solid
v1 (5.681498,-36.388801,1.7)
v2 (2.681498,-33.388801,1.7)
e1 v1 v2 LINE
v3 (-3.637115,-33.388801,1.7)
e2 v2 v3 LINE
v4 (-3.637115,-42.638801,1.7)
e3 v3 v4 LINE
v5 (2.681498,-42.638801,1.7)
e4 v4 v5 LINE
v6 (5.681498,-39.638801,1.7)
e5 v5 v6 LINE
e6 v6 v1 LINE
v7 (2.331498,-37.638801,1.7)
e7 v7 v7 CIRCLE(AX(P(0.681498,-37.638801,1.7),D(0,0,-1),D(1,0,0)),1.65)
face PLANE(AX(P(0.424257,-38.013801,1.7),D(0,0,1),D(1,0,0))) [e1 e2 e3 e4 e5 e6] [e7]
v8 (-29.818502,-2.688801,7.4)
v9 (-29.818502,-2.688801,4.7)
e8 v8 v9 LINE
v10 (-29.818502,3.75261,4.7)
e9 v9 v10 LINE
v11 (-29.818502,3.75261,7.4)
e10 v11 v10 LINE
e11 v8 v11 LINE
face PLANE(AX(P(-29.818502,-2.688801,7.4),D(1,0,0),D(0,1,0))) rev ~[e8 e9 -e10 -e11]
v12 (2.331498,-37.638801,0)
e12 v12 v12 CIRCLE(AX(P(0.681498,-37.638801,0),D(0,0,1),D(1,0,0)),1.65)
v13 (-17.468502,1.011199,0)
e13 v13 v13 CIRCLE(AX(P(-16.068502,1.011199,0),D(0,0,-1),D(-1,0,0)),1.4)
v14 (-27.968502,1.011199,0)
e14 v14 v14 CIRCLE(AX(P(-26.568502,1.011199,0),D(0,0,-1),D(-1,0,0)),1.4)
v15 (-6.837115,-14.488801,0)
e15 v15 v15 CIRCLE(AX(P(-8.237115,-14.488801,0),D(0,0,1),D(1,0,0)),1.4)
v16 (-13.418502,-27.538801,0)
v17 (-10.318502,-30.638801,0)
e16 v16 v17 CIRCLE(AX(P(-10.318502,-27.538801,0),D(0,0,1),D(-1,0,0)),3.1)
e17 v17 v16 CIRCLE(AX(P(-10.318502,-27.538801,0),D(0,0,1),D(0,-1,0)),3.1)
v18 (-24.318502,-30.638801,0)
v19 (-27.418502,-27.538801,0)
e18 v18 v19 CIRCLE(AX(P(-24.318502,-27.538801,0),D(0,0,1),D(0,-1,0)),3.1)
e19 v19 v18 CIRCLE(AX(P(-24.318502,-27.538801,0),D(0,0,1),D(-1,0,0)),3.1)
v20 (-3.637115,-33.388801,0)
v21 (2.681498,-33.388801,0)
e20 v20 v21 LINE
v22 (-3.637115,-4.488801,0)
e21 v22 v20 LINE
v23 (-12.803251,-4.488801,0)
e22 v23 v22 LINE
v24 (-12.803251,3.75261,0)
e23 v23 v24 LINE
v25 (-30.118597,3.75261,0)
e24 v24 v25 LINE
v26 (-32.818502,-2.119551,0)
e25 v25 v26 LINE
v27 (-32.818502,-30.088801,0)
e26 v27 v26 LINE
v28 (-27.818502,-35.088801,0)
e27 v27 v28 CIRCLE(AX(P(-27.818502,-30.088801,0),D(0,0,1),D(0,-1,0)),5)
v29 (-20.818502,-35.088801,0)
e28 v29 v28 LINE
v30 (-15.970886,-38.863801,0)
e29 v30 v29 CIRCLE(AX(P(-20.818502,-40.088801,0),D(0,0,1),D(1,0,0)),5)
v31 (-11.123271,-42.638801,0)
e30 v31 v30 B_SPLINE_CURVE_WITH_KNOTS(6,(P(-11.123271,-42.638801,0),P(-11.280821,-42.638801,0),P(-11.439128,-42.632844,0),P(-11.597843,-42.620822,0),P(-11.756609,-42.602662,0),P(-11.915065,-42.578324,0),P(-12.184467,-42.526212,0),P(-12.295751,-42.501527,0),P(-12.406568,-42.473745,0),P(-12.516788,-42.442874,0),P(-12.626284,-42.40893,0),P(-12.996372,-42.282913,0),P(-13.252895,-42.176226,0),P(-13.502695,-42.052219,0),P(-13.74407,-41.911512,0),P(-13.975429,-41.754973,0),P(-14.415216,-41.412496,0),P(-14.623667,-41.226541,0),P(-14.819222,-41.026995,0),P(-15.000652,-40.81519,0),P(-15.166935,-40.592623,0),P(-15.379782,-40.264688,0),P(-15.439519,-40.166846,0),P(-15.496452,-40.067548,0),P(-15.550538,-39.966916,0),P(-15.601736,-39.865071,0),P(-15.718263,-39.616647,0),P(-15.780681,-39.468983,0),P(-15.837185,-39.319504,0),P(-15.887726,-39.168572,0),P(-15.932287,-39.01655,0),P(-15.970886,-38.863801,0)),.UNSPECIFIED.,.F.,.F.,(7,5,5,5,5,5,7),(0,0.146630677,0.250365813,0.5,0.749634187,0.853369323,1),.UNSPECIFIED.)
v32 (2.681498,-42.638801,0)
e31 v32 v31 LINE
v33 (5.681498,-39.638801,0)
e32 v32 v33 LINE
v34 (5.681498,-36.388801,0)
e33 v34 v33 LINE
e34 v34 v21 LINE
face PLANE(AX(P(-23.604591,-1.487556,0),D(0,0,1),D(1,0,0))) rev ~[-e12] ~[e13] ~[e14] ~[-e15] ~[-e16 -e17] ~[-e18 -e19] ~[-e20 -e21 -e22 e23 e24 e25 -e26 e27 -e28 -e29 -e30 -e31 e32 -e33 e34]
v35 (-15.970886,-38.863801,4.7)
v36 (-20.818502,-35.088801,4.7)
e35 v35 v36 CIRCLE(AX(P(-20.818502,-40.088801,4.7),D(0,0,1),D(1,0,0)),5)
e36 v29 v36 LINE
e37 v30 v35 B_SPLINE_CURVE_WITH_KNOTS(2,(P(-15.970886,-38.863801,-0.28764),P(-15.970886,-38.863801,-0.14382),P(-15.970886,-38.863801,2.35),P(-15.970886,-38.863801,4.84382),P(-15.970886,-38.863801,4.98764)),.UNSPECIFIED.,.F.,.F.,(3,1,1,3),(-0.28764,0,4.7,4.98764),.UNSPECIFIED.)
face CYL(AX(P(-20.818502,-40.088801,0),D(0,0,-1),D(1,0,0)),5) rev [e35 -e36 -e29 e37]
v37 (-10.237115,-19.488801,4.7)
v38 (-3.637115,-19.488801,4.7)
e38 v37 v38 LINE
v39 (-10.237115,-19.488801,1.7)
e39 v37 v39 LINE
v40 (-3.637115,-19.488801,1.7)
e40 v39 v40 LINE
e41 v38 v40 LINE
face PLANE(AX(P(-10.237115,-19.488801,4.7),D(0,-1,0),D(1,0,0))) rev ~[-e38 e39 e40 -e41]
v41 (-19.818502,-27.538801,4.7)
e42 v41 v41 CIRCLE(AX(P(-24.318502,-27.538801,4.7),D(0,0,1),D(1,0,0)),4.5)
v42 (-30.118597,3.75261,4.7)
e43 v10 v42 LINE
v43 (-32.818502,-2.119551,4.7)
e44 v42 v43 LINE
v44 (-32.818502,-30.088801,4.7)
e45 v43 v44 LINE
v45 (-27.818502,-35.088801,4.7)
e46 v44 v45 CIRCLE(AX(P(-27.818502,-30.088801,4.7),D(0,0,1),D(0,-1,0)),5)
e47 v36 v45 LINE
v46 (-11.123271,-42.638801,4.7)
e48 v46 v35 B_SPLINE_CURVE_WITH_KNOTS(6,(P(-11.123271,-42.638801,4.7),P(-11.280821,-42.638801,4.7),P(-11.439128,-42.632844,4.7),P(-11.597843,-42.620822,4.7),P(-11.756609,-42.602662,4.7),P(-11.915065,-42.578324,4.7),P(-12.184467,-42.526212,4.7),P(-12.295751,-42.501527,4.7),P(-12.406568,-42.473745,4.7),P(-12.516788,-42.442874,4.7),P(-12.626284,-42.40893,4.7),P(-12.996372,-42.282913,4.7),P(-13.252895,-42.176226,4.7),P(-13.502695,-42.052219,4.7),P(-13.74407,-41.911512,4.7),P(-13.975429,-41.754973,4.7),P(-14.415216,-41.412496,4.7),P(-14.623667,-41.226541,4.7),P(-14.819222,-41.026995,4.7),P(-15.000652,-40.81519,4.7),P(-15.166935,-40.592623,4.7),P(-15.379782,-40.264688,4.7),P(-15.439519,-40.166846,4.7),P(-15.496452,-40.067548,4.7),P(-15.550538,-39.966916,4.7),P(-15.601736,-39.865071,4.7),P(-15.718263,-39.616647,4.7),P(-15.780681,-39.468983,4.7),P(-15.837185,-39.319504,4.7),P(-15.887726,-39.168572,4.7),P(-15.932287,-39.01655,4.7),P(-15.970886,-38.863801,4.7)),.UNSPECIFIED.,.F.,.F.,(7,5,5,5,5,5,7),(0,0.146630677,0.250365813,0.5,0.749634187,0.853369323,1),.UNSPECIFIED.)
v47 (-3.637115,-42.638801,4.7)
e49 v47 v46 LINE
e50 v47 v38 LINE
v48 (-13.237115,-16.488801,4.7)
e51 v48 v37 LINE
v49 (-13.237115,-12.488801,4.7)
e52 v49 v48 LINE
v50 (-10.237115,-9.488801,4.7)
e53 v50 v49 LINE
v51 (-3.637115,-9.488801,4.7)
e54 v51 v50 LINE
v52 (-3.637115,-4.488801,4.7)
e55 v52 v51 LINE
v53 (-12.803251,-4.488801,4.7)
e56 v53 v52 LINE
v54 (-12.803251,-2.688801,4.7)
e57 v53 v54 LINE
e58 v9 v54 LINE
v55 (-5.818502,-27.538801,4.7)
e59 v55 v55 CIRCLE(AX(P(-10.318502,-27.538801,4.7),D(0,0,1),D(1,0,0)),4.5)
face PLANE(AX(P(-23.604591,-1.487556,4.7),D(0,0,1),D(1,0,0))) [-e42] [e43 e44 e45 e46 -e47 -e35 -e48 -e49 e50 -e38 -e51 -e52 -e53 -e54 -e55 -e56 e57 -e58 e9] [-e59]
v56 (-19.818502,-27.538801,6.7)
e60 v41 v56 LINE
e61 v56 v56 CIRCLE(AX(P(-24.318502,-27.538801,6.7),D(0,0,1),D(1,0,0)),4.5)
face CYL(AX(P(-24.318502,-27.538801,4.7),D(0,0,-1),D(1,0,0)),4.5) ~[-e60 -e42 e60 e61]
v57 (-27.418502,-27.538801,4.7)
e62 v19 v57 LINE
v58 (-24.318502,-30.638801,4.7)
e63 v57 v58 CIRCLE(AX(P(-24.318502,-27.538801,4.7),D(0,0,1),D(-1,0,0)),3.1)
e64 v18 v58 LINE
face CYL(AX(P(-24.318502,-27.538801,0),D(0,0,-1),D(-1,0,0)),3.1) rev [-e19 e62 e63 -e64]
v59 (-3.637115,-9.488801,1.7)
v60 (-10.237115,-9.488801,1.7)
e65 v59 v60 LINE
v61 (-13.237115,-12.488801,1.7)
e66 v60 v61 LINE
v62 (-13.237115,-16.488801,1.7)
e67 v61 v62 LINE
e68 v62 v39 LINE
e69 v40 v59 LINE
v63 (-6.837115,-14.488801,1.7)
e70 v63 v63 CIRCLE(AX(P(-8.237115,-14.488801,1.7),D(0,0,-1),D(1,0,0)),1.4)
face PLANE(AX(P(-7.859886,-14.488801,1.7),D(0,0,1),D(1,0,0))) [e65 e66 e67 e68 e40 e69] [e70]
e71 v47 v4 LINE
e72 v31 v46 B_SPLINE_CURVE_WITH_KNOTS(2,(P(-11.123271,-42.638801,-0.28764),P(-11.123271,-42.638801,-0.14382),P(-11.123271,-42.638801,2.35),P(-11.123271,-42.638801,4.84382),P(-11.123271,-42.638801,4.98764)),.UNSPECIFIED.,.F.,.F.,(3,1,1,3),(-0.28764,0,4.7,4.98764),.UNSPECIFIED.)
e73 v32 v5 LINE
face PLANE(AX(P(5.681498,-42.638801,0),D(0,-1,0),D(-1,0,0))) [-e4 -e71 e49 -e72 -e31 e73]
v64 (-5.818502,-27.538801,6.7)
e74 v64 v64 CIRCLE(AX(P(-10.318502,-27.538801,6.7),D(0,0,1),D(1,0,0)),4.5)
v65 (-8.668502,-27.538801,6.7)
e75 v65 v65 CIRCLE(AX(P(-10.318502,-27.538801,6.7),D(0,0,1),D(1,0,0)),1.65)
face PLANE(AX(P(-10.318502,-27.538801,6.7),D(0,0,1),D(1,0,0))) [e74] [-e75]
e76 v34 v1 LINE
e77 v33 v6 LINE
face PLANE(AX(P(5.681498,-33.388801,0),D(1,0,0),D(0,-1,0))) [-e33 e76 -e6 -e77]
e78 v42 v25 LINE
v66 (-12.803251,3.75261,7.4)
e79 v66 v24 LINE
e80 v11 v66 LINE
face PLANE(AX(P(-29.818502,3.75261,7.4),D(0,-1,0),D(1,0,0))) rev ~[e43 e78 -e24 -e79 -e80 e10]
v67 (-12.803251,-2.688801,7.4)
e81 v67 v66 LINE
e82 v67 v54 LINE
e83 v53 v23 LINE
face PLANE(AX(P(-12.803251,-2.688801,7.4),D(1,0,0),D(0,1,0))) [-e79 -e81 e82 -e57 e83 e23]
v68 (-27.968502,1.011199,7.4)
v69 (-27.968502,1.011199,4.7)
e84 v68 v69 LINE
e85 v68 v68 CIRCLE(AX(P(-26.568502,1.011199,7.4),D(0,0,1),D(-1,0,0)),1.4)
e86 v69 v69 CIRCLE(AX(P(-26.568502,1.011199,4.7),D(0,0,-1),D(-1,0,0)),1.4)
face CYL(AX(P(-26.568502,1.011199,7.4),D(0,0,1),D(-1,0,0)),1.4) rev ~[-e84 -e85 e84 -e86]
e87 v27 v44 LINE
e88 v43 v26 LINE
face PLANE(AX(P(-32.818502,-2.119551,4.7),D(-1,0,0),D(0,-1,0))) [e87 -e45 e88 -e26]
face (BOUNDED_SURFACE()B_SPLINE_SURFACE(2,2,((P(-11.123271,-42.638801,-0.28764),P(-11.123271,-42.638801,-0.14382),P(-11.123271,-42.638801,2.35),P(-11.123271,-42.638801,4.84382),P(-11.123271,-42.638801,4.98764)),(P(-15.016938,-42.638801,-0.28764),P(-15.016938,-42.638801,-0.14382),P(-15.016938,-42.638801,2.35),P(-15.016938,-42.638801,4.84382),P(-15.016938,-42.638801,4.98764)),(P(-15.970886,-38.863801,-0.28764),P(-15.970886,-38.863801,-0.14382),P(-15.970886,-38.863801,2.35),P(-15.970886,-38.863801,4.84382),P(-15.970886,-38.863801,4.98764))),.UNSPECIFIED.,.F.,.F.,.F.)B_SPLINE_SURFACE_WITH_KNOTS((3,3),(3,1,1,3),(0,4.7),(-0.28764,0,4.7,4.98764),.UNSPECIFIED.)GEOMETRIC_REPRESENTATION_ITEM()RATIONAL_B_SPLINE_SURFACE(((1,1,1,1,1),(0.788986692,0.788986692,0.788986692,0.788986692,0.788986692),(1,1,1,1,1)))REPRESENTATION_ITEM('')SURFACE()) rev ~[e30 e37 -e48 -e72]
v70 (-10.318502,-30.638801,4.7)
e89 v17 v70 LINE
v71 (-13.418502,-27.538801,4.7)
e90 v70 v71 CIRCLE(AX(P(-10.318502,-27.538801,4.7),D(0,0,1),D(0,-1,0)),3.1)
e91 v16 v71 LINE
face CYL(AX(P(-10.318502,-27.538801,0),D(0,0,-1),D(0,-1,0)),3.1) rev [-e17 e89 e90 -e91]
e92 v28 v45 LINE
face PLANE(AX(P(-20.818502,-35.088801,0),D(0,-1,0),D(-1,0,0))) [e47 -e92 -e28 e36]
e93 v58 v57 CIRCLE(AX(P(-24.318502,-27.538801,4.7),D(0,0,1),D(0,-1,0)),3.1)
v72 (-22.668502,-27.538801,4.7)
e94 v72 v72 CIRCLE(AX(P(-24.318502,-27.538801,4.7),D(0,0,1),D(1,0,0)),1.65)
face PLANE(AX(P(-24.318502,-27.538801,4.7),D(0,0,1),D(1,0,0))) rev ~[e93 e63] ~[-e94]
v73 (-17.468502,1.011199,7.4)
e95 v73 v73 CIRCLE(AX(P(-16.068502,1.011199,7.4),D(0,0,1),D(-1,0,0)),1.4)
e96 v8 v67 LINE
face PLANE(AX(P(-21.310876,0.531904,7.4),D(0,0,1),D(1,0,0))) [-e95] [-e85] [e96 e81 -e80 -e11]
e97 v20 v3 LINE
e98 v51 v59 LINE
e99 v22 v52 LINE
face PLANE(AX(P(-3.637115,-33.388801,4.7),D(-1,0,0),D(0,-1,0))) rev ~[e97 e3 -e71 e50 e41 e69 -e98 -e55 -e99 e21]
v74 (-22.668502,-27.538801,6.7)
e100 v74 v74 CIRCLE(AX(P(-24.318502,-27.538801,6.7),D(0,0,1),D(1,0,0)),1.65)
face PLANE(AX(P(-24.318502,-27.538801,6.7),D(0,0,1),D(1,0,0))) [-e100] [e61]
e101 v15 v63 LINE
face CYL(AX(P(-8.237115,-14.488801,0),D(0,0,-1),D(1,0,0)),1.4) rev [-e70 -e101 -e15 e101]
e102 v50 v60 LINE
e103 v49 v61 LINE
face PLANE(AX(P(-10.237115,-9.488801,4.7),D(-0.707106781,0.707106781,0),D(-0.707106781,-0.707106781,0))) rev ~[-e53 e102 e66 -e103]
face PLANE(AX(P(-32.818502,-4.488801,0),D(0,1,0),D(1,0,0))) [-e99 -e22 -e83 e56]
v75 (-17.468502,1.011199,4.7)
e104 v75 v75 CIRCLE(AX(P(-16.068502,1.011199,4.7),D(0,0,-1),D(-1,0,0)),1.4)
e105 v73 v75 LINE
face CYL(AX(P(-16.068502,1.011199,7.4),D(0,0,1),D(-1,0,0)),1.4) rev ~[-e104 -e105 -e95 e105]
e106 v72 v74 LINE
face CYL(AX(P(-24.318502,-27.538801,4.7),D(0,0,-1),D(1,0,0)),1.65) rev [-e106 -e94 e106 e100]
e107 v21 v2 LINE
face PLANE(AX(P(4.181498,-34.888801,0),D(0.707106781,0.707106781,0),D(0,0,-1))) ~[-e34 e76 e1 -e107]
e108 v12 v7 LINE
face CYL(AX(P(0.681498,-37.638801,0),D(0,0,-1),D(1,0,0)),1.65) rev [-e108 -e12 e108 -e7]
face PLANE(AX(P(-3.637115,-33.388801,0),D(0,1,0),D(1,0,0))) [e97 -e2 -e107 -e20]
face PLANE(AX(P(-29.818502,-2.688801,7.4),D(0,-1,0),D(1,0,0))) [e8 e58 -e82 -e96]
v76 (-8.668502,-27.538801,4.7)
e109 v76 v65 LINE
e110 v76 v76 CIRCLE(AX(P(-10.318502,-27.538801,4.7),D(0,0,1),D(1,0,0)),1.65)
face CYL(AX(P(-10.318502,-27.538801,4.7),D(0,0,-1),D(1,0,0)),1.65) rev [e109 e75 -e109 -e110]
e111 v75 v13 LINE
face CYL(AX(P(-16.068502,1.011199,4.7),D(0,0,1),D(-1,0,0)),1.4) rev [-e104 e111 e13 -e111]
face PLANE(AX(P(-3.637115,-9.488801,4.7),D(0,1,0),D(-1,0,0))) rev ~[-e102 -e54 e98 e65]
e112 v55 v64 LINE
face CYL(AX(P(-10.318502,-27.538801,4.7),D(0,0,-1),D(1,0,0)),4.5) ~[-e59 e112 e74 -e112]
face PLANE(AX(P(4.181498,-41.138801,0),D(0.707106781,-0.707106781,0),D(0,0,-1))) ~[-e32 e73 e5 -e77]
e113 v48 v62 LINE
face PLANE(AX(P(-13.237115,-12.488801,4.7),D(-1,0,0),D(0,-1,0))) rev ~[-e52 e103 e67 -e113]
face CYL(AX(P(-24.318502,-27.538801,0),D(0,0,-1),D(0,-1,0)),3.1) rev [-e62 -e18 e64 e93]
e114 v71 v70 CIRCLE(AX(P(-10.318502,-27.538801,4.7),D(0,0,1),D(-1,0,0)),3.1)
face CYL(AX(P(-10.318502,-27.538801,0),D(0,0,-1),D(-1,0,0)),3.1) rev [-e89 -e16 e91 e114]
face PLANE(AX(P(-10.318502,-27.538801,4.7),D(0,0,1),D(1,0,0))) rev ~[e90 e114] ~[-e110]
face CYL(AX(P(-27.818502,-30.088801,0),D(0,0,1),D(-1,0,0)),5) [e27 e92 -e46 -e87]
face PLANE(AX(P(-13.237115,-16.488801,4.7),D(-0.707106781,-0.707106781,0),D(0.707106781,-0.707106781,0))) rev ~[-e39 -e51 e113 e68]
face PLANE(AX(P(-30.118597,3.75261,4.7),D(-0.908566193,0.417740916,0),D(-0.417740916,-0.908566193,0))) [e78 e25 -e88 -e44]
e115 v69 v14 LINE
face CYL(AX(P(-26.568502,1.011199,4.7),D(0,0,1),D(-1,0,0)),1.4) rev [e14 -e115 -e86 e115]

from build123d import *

# Parameters (mm, degrees)
SKETCH2_R           = 1.4
SKETCH2_R_2         = 1.65
BOSS_EXTRUDE1_DEPTH = 4.7
SKETCH3_R           = 4.5
SKETCH3_R_2         = 1.65
BOSS_EXTRUDE2_DEPTH = 2
FILLET1_R           = 5
CHAMFER1_SIZE       = 3
CUT_EXTRUDE1_DEPTH  = 3
BOSS_EXTRUDE3_START = -4.7
SKETCH5_R           = 1.4
BOSS_EXTRUDE3_DEPTH = 4.7
BOSS_EXTRUDE4_START = 2.7
SKETCH6_W           = 17.015251106
SKETCH6_H           = 6.441411174
SKETCH6_R           = 1.4
BOSS_EXTRUDE4_DEPTH = 2.7


with BuildPart() as part:
    # Sketch2 → Boss-Extrude1 (new body)
    with BuildSketch(Plane.XY):
        with BuildLine():
            Line((5.681498191, -33.388801204), (5.681498191, -42.638801204))
            Line((5.681498191, -42.638801204), (-15.818501809, -42.638801204))
            Line((-15.818501809, -42.638801204), (-15.818501809, -40.088801204))
            ThreePointArc((-15.818501809, -40.088801204), (-17.282967903, -36.553267298), (-20.818501809, -35.088801204))
            Line((-20.818501809, -35.088801204), (-32.818501809, -35.088801204))
            Line((-32.818501809, -35.088801204), (-32.818501809, -4.488801204))
            Line((-32.818501809, -4.488801204), (-12.818501809, -4.488801204))
            Line((-12.818501809, -4.488801204), (-3.637114605, -4.488801204))
            Line((-3.637114605, -4.488801204), (-3.637114605, -4.888801204))
            Line((-3.637114605, -4.888801204), (-3.637114605, -9.488801204))
            Line((-3.637114605, -9.488801204), (-3.637114605, -33.388801204))
            Line((-3.637114605, -33.388801204), (5.681498191, -33.388801204))
        make_face()
        with Locations((-8.237114605, -14.488801204)):
            Circle(SKETCH2_R, mode=Mode.SUBTRACT)
        with Locations((0.681498191, -37.638801204)):
            Circle(SKETCH2_R_2, mode=Mode.SUBTRACT)
        with BuildLine():
            ThreePointArc((-27.418501809, -27.538801204), (-26.510532831, -29.730832226), (-24.318501809, -30.638801204))
            ThreePointArc((-24.318501809, -30.638801204), (-22.126470787, -25.346770182), (-27.418501809, -27.538801204))
        make_face(mode=Mode.SUBTRACT)
        with BuildLine():
            ThreePointArc((-13.418501809, -27.538801204), (-12.510532831, -29.730832226), (-10.318501809, -30.638801204))
            ThreePointArc((-10.318501809, -30.638801204), (-8.126470787, -25.346770182), (-13.418501809, -27.538801204))
        make_face(mode=Mode.SUBTRACT)
    extrude(amount=BOSS_EXTRUDE1_DEPTH)

    # Sketch3 → Boss-Extrude2 (add)
    # profile 1 of 2: a face of its own
    with BuildSketch(Plane.XY.offset(4.7)):
        with Locations((-24.318501809, -27.538801204)):
            Circle(SKETCH3_R)
        with Locations((-24.318501809, -27.538801204)):
            Circle(SKETCH3_R_2, mode=Mode.SUBTRACT)
    # profile 2 of 2: a face of its own
    with BuildSketch(Plane.XY.offset(4.7)):
        with Locations((-10.318501809, -27.538801204)):
            Circle(SKETCH3_R)
        with Locations((-10.318501809, -27.538801204)):
            Circle(SKETCH3_R_2, mode=Mode.SUBTRACT)
    extrude(amount=BOSS_EXTRUDE2_DEPTH)

    # Fillet1
    fillet1_edges = [part.edges().sort_by_distance(p)[0] for p in [
        (-15.818501809, -42.638801204, 2.35),
        (-32.818501809, -35.088801204, 2.35),
        (-32.818501809, -4.488801204, 2.35),
    ]]
    fillet(fillet1_edges, radius=FILLET1_R)

    # Chamfer1
    chamfer1_edges = [part.edges().sort_by_distance(p)[0] for p in [
        (5.681498191, -33.388801204, 2.35),
        (5.681498191, -42.638801204, 2.35),
    ]]
    chamfer(chamfer1_edges, length=CHAMFER1_SIZE)

    # Sketch4 → Cut-Extrude1 (cut)
    with BuildSketch(Plane.XY.offset(4.7)):
        Polygon((-3.637114605, -42.638801204), (2.681498191, -42.638801204), (5.681498191, -39.638801204), (5.681498191, -36.388801204), (2.681498191, -33.388801204), (-3.637114605, -33.388801204), align=None)
        Polygon((-3.637114605, -9.488801204), (-10.237114605, -9.488801204), (-13.237114605, -12.488801204), (-13.237114605, -16.488801204), (-10.237114605, -19.488801204), (-3.637114605, -19.488801204), align=None)
    extrude(amount=-CUT_EXTRUDE1_DEPTH, mode=Mode.SUBTRACT)

    # Sketch5 → Boss-Extrude3 (add)
    with BuildSketch(Plane(origin=(0, 0, 0), x_dir=(-1, 0, 0), z_dir=(0, 0, -1)).offset(BOSS_EXTRUDE3_START)):
        with BuildLine():
            Line((12.803250703, -4.488801204), (12.803250703, 3.75260997))
            Line((12.803250703, 3.75260997), (30.118597337, 3.75260997))
            Line((30.118597337, 3.75260997), (32.818501809, -2.119551062))
            Line((32.818501809, -2.119551062), (32.818501809, -9.488801204))
            ThreePointArc((32.818501809, -9.488801204), (31.354035715, -5.953267298), (27.818501809, -4.488801204))
            Line((27.818501809, -4.488801204), (12.803250703, -4.488801204))
        make_face()
        with Locations((26.568501809, 1.011198796)):
            Circle(SKETCH5_R, mode=Mode.SUBTRACT)
        with Locations((16.068501809, 1.011198796)):
            Circle(SKETCH5_R, mode=Mode.SUBTRACT)
    extrude(amount=BOSS_EXTRUDE3_DEPTH)

    # Sketch6 → Boss-Extrude4 (add)
    with BuildSketch(Plane.XY.offset(4.7).offset(BOSS_EXTRUDE4_START)):
        with Locations((-21.310876256, 0.531904383)):
            Rectangle(SKETCH6_W, SKETCH6_H)
        with Locations(Location((-26.568501809, 1.011198796, 0), (0, 0, 180))):
            Circle(SKETCH6_R, mode=Mode.SUBTRACT)
        with Locations(Location((-16.068501809, 1.011198796, 0), (0, 0, 180))):
            Circle(SKETCH6_R, mode=Mode.SUBTRACT)
    extrude(amount=-BOSS_EXTRUDE4_DEPTH)


solid = part.part
